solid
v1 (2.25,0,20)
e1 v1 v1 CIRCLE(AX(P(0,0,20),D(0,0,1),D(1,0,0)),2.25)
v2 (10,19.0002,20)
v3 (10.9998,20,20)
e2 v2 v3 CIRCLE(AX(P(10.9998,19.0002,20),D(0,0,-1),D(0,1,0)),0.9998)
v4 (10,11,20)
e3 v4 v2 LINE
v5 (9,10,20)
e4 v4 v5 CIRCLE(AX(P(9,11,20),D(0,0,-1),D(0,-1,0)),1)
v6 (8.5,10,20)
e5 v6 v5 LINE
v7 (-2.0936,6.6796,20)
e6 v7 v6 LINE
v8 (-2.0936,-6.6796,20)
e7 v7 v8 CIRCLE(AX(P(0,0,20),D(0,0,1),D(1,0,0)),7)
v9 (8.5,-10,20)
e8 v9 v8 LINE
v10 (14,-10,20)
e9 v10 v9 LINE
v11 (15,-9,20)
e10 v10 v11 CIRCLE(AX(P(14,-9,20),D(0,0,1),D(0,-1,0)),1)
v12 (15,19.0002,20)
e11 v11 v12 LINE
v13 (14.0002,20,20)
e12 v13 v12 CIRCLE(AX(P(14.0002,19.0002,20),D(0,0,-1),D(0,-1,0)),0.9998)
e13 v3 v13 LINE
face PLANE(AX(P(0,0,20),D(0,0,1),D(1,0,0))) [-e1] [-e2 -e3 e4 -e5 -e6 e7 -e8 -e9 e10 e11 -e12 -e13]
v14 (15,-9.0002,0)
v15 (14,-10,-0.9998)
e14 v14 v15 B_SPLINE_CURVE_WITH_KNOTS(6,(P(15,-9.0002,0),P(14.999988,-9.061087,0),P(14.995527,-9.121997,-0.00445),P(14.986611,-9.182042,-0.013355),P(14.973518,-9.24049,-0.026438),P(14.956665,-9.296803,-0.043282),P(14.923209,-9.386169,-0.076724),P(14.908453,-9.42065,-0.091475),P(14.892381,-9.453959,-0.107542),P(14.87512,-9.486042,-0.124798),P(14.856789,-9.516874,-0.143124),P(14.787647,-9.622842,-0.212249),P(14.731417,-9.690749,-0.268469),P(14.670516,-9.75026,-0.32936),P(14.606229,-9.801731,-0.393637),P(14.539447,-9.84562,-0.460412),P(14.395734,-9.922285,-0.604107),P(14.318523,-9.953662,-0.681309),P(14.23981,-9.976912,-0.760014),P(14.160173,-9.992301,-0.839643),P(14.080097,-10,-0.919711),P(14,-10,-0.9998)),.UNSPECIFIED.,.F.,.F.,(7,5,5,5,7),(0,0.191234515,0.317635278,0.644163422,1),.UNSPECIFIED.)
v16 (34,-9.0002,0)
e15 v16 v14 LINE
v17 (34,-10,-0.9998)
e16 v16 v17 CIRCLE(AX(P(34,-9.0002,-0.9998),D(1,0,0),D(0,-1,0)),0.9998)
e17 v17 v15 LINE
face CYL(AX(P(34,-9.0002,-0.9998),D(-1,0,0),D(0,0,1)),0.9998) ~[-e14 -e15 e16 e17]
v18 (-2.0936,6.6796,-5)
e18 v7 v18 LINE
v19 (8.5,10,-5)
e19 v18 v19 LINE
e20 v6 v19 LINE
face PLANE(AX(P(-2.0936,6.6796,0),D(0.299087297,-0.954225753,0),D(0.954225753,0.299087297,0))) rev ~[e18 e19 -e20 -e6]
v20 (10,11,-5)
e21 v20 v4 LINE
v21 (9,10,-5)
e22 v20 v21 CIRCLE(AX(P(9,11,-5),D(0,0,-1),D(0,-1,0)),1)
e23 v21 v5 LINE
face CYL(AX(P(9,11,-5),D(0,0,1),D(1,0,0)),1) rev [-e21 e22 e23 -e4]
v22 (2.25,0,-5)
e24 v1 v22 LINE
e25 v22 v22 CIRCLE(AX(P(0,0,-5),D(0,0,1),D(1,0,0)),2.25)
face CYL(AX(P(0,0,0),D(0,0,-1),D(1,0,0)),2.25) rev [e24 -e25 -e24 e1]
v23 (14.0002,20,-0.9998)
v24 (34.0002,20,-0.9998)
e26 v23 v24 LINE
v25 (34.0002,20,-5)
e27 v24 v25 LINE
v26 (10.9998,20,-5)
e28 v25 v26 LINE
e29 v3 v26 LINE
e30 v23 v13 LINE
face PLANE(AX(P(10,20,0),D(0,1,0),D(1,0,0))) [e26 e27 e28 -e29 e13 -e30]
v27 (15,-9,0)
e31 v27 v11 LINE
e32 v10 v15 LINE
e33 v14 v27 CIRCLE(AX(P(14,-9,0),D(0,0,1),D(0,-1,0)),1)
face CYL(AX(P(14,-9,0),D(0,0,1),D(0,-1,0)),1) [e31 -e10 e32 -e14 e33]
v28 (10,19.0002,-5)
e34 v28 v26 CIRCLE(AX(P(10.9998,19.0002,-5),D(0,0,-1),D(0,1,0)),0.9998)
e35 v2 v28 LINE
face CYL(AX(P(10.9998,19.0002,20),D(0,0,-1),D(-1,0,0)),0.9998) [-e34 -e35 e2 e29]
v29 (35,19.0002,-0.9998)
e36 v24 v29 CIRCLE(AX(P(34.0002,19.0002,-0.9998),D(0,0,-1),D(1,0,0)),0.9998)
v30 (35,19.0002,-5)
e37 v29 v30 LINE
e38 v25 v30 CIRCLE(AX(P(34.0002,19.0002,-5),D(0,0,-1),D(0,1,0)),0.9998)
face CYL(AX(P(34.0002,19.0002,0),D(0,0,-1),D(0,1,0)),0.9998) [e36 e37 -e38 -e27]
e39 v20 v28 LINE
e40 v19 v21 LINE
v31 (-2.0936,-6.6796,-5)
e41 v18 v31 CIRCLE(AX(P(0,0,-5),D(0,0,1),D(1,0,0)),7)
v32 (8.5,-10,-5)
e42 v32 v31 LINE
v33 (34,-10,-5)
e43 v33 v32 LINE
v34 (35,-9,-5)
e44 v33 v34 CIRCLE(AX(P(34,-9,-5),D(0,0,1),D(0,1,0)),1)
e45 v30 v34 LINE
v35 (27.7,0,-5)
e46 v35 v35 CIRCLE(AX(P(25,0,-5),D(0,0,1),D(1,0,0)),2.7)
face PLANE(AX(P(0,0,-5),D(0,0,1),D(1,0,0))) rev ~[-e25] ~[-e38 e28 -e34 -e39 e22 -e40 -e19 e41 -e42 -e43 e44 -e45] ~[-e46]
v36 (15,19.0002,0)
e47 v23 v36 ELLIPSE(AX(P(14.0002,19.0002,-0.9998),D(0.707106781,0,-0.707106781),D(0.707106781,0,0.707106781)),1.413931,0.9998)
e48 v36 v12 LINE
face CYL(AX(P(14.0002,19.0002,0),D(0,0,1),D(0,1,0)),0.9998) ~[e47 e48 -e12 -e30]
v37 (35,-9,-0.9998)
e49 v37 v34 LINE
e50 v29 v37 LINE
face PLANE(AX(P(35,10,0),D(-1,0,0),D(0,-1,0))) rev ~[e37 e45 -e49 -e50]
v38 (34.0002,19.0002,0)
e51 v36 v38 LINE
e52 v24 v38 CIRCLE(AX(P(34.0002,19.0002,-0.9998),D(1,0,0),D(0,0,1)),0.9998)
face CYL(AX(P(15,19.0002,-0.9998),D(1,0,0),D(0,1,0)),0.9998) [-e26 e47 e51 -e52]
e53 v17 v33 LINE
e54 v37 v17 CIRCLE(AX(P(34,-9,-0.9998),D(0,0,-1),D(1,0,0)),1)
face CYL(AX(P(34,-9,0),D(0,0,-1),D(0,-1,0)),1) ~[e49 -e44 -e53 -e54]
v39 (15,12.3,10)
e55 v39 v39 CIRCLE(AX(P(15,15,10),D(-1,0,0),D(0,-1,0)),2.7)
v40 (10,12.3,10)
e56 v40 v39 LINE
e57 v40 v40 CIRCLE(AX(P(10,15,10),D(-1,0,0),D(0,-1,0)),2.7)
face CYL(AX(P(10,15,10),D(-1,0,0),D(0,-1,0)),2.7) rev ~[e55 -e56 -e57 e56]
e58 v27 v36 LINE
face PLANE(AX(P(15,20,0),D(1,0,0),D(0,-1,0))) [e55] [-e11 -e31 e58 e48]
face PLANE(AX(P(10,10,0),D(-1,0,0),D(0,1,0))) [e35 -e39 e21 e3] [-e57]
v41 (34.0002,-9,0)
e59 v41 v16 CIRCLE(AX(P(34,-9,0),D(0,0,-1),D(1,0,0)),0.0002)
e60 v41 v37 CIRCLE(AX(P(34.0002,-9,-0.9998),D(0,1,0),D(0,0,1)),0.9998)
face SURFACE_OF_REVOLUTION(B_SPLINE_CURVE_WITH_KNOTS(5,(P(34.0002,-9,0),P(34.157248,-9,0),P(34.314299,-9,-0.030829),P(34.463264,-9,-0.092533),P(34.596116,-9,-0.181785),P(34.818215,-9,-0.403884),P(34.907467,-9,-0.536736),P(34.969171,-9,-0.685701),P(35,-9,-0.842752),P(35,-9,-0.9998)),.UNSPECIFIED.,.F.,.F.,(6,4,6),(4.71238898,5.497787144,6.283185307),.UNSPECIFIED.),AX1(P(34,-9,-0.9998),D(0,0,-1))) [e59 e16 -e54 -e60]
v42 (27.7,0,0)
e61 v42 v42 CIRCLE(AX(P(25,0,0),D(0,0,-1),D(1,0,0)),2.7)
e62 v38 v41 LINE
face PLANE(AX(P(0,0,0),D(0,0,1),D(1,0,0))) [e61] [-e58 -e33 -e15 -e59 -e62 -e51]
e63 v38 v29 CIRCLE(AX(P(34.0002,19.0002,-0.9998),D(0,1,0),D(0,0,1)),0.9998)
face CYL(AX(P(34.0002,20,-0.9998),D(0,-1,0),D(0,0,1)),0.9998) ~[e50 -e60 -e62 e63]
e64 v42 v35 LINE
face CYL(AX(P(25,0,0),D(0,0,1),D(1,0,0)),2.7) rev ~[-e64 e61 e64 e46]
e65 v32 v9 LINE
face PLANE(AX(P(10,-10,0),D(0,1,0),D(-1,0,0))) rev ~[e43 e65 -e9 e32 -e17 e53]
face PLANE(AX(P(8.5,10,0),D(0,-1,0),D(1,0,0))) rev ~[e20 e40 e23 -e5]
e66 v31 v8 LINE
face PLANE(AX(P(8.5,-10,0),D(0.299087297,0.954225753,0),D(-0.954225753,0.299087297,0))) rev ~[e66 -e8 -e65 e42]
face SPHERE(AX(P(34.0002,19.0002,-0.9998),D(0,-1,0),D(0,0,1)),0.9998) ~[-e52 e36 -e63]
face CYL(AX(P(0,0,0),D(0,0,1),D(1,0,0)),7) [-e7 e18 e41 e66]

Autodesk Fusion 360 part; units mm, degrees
sketch "スケッチ1" plane through (0, 0, 0) normal (0, 0, 1) x (1, 0, 0)
  circle A0 centre (0, 0) radius 2.25
  circle A1 centre (0, 0) radius 7
  line L0 (-2.0936, 6.6796) -> (8.5, 10)
  line L1 (8.5, 10) -> (35, 10)
  line L2 (35, 10) -> (35, -10)
  line L3 (35, -10) -> (8.5, -10)
  line L4 (8.5, -10) -> (-2.0936, -6.6796)
  circle A2 centre (25, 0) radius 2.7
  line L5 (25, 2.7) -> (35, 2.7)
  line L6 (25, -2.7) -> (35, -2.7)
  line L7 (35, 10) -> (10, 10)
  line L8 (10, 10) -> (10, 20)
  line L9 (10, 20) -> (35, 20)
  line L10 (35, 20) -> (35, 10)
  line L11 (10, 20) -> (15, 20)
  line L12 (15, 20) -> (15, 10)
  line L13 (15, 10) -> (10, 10)
  line L14 (10, 10) -> (10, 20)
  line L15 (10, -10) -> (10, 10)
  dimension "d1" = 14
  dimension "d2" = 4.5
  dimension "d3" = 35
  dimension "d4" = 10
  dimension "d5" = 10
  dimension "d6" = 26.5
  dimension "d7" = 26.5
  dimension "d8" = 5.4
  dimension "d9" = 10
  dimension "d36" = 10
  dimension "d37" = 25
  dimension "d38" = 5
  dimension "d47" = 25
extrude "押し出し1" add sketch "スケッチ1" against normal blind 5 contours A1 | A1 L0 L1 L3 L4 L15 | L1 L2 L3 A2 L5 L6 L7 L13 L15 | L2 A2 L5 L6
sketch "スケッチ2" plane through (0, 0, 0) normal (0, 0, 1) x (1, 0, 0)
  line L0 (8.5, 10) -> (35, 10)
  line L1 (35, -10) -> (8.5, -10)
  line L2 (15, 10) -> (15, -10)
  line L3 (8.5, 10) -> (8.5, -10)
  line L4 (10, 10) -> (10, -10)
  line L5 (8.5, 5) -> (10, 5)
  line L6 (8.5, -5) -> (10, -5)
  dimension "d12" = 1.5
  dimension "d13" = 5
  dimension "d14" = 5
  dimension "d15" = 5
extrude "押し出し2" add sketch "スケッチ2" along normal blind 20 contours L0 L1 L2 L4
extrude "Extrude6" add sketch "スケッチ1" along normal up to surface (20 mm away) contours A1 | A1 L0 L1 L3 L4 L15
fillet "フィレット1" radius 1 2 edges at (15, -10, 10) (35, -10, -2.5)
extrude "Extrude3" add sketch "スケッチ1" against normal blind 5 contours L1 L7 L8 L9 L11 L12 L13 L14 | L1 L7 L9 L10 L12
extrude "Extrude4" add sketch "スケッチ1" along normal up to surface (20 mm away) contours L1 L7 L8 L9 L11 L12 L13 L14
sketch "Sketch3" plane through (10, 0, 0) normal (-1, 0, 0) x (0, -1, 0)
  line L0 (-20, 20) -> (-20, -5)
  line L1 (-20, -5) -> (-10, -5)
  line L2 (-10, -5) -> (-10, 20)
  line L3 (-10, 20) -> (-20, 20)
  line L4 (-10, 0) -> (-20, 0) construction
  line L5 (-15, 0) -> (-15, 20) construction
  line L6 (-20, 0) -> (-20, 20) construction
  line L7 (-20, 10) -> (-10, 10) construction
  circle A0 centre (-15, 10) radius 2.7
  dimension "d43" = 5.4
extrude "Extrude5" cut sketch "Sketch3" against normal blind 5 contours A0
fillet "Fillet7" radius 1 8 edges at (15, 20, 10) (10, 20, 7.5) (35, 0.5, 0) (35, 15, 0) (34.7071, -9.7071, 0) (24, -10, 0) (25, 20, 0) (35, 20, -2.5)
fillet "Fillet9" radius 1 1 edges at (10, 10, 7.5)
equation "d3 = 29 mm + 6 mm"
equation "d6 = 20.5 mm + 6 mm"
equation "d7 = 20.5 mm + 6 mm"
equation "d9 = 4 mm + 6 mm"
